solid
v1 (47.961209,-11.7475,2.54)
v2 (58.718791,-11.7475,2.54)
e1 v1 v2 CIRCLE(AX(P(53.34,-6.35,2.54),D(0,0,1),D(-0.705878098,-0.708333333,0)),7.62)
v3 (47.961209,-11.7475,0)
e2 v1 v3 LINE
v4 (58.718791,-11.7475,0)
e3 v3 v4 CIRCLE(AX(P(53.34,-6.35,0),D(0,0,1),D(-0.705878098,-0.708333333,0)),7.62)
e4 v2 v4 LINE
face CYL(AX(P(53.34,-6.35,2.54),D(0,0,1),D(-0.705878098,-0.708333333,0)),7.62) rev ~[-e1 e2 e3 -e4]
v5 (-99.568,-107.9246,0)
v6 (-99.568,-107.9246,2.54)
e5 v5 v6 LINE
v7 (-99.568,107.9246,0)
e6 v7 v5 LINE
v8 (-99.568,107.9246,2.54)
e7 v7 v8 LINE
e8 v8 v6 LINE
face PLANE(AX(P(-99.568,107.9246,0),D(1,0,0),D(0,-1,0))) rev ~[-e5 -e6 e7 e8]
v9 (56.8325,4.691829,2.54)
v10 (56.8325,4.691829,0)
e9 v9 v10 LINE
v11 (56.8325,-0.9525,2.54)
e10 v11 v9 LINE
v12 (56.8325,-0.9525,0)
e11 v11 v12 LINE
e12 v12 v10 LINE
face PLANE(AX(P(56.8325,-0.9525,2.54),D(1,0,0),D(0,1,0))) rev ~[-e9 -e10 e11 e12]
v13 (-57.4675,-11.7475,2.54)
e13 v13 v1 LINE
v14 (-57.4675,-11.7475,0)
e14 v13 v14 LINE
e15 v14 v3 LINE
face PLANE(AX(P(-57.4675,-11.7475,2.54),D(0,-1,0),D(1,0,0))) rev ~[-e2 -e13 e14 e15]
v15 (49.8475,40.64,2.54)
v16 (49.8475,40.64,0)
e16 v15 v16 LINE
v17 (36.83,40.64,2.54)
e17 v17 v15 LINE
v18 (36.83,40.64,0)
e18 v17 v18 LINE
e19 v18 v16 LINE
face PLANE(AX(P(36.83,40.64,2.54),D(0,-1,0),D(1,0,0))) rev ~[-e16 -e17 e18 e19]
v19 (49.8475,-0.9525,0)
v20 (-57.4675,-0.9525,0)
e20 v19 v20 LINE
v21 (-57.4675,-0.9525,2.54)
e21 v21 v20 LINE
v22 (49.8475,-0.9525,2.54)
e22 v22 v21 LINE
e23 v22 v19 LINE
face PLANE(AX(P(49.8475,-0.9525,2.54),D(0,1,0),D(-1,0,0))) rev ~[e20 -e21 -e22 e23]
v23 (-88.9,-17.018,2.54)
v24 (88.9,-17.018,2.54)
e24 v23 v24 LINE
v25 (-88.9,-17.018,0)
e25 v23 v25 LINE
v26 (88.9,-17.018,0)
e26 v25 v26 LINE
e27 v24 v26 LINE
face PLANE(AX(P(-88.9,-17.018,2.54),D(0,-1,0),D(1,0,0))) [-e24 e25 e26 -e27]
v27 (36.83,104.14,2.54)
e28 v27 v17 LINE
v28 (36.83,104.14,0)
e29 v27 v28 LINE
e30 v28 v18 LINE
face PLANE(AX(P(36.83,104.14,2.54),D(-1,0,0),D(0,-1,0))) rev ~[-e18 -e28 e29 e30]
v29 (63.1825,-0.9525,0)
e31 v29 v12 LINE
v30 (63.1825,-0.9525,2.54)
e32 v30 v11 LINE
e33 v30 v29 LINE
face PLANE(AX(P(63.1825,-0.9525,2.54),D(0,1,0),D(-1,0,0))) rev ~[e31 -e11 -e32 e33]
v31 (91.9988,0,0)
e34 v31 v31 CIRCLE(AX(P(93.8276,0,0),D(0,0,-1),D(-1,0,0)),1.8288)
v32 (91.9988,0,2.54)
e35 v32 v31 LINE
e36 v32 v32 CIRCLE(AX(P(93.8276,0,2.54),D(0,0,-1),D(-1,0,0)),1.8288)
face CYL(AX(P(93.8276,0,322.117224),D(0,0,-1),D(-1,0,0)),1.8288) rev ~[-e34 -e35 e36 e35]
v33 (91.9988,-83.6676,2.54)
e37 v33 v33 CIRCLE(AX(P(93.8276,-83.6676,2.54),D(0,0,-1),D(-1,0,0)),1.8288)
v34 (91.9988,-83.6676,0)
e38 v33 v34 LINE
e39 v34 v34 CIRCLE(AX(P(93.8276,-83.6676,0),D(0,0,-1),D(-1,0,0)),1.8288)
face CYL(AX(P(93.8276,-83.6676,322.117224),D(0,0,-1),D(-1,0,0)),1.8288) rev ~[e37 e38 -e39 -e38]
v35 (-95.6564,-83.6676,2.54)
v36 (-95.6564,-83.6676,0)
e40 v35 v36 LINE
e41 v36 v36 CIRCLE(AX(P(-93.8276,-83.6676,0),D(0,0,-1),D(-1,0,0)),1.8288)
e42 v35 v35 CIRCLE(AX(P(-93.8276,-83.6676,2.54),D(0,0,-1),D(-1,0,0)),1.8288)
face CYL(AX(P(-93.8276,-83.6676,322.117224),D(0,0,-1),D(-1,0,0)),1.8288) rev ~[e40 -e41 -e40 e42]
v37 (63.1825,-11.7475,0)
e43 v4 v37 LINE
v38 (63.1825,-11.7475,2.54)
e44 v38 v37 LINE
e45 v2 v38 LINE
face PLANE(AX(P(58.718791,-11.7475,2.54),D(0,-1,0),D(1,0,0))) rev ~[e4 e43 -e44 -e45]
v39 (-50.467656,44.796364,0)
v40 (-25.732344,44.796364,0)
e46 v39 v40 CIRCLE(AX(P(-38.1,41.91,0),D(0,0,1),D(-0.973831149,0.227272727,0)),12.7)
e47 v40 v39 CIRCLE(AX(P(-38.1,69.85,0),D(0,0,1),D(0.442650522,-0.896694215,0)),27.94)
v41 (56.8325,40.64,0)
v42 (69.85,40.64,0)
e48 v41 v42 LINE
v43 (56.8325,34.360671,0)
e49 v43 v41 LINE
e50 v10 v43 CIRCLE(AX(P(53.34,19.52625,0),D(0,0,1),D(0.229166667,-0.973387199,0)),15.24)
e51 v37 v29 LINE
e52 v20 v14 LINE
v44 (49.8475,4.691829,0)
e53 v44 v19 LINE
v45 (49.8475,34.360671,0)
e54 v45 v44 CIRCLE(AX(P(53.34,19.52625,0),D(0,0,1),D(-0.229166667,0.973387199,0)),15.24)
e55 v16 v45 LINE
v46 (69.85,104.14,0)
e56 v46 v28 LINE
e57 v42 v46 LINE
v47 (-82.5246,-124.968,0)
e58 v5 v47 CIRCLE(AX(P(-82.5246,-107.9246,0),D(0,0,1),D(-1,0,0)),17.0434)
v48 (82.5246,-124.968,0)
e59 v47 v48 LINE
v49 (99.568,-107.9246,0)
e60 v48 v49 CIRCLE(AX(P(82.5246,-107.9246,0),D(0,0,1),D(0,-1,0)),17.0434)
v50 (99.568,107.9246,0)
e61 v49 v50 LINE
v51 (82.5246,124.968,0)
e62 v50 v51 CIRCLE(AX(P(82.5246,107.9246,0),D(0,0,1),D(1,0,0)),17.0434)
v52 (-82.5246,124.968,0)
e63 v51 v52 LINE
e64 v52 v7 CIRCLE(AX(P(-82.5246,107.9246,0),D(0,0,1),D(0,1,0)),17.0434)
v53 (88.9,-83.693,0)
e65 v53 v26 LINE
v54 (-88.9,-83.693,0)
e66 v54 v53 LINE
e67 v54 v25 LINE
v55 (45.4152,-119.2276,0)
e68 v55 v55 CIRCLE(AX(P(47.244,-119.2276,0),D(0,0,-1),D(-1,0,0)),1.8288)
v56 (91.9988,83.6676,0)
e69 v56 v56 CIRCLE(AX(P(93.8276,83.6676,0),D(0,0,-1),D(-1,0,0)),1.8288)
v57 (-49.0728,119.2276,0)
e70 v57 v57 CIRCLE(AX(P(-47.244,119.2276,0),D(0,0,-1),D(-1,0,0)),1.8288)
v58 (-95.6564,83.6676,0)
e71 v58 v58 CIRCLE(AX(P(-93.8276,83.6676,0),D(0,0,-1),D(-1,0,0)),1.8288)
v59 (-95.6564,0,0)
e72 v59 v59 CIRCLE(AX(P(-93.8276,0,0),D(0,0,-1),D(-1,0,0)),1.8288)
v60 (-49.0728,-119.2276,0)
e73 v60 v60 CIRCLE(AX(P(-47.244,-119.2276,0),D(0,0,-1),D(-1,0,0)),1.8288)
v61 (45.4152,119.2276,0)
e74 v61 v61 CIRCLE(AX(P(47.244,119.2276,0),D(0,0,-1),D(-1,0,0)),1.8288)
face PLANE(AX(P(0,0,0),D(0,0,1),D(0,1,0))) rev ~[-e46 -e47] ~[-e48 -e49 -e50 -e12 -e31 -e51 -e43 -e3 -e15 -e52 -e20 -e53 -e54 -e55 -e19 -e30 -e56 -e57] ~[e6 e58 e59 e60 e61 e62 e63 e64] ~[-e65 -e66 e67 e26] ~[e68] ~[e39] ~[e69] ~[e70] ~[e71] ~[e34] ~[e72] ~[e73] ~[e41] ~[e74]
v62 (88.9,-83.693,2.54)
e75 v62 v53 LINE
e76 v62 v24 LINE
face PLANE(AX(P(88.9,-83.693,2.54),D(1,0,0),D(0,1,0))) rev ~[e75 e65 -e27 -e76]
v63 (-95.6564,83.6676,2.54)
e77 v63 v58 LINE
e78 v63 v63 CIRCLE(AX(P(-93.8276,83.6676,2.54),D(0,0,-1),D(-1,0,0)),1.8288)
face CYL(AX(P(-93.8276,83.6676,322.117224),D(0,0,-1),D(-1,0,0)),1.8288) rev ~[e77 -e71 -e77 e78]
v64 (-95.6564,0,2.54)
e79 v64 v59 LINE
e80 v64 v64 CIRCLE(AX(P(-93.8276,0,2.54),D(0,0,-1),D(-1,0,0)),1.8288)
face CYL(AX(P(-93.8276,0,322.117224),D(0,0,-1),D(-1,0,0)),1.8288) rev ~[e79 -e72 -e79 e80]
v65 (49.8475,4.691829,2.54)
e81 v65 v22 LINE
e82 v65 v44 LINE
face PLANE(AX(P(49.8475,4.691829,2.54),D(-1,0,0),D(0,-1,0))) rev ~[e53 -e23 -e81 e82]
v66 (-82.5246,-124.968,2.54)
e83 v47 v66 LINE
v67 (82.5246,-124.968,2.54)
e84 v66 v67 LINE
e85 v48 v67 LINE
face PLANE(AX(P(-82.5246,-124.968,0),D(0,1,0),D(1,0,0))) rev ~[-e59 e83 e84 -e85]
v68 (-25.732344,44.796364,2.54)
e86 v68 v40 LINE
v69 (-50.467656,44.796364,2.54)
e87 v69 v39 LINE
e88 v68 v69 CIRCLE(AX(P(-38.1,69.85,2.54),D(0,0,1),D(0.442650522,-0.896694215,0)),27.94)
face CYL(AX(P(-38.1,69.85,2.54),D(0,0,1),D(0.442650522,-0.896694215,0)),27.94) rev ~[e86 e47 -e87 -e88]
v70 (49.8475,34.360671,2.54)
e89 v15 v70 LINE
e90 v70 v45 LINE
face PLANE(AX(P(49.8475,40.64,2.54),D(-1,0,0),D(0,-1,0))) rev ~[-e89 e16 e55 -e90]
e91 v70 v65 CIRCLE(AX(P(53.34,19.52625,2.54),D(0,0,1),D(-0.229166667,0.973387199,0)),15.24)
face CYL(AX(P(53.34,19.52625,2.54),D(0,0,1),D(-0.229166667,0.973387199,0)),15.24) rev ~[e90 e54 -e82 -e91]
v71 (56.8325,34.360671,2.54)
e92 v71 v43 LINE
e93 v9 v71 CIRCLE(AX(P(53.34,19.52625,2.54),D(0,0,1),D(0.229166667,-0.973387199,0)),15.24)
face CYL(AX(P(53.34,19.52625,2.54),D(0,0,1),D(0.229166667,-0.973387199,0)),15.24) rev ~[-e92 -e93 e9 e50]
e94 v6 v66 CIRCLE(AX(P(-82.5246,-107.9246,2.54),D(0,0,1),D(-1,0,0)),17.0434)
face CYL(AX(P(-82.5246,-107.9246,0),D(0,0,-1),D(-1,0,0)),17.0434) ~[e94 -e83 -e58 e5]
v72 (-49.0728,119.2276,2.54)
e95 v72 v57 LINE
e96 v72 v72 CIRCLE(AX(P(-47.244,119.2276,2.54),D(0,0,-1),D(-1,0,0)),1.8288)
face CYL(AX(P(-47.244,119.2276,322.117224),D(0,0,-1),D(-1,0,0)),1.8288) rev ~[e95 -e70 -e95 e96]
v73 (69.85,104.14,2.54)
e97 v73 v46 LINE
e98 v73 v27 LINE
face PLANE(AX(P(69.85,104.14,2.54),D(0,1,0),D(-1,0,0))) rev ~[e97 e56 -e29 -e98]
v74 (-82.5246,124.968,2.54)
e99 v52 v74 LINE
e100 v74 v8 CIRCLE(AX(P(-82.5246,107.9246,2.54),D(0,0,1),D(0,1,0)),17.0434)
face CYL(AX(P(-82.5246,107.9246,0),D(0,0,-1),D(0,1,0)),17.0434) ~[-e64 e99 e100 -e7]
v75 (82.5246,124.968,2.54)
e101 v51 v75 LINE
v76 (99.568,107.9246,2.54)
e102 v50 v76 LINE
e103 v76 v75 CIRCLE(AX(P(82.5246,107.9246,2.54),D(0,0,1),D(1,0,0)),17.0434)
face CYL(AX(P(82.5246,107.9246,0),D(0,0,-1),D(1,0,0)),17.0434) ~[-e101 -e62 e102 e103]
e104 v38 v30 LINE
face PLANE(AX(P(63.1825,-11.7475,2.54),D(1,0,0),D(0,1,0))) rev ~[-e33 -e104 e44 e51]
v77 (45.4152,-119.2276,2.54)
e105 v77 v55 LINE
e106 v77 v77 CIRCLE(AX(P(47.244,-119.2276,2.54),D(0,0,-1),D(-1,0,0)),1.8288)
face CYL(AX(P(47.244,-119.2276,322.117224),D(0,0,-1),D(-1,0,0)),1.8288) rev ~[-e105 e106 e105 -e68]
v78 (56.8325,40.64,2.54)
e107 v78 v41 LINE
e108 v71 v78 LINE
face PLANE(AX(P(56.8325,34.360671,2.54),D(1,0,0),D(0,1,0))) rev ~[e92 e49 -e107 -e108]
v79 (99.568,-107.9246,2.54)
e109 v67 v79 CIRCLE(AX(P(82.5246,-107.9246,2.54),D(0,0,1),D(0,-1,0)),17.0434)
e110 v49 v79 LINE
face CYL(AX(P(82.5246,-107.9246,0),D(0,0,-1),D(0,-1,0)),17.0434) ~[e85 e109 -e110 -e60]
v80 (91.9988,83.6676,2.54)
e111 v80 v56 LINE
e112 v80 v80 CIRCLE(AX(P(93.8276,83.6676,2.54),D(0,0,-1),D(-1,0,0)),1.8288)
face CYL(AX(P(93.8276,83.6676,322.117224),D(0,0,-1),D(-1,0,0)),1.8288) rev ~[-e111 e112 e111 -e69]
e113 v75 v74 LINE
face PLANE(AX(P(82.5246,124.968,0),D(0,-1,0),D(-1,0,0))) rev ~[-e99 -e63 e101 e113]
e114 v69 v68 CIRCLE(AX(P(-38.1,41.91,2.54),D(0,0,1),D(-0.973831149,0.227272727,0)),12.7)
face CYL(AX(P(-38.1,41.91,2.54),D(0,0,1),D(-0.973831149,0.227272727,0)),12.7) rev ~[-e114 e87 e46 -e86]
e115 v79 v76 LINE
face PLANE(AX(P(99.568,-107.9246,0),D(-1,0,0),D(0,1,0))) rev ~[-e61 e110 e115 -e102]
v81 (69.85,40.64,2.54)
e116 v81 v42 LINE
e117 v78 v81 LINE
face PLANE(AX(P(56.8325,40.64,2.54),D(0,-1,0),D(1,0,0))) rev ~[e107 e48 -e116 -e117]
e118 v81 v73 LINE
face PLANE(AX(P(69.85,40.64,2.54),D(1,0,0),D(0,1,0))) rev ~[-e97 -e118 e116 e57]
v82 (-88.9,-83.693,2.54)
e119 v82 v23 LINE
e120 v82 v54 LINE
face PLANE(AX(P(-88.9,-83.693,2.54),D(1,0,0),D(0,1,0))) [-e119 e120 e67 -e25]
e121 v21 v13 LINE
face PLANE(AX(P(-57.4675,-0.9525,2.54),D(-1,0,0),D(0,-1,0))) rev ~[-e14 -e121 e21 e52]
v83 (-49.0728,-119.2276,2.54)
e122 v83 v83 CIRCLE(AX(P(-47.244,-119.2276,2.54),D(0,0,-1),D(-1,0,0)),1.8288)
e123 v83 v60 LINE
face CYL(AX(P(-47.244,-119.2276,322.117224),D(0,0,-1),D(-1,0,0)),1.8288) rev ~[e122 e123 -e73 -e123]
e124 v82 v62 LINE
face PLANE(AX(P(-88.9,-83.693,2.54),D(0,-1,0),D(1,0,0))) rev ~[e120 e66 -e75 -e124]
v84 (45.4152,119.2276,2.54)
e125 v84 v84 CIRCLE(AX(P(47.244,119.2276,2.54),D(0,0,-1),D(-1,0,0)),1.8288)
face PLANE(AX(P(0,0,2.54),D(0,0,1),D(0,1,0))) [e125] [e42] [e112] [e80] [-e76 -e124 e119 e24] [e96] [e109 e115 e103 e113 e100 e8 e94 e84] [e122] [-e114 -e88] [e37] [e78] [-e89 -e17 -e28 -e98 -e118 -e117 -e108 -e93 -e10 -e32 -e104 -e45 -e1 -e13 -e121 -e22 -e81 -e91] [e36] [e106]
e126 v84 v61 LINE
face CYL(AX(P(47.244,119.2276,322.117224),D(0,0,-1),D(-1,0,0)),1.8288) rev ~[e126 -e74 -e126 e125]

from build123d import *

# Parameters (mm, degrees)
BOSS_EXTRUDE1_DEPTH         = 2.54
CUT_EXTRUDE1_DEPTH          = 3.54
SKETCH7_W                   = 177.8
SKETCH7_H                   = 66.675
CUT_EXTRUDE2_DEPTH          = 3.54
F_27_0_144_DIAMETER_HOLE1_D = 3.6576


with BuildPart() as part:
    # Sketch1 → Boss-Extrude1 (new body)
    with BuildSketch(Plane(origin=(0, 0, 0), x_dir=(0, 1, 0), z_dir=(0, 0, 1))):
        with BuildLine():
            Line((-107.9246, -99.568), (107.9246, -99.568))
            ThreePointArc((107.9246, -99.568), (119.976103714, -94.576103714), (124.968, -82.5246))
            Line((124.968, -82.5246), (124.968, 82.5246))
            ThreePointArc((124.968, 82.5246), (119.976103714, 94.576103714), (107.9246, 99.568))
            Line((107.9246, 99.568), (-107.9246, 99.568))
            ThreePointArc((-107.9246, 99.568), (-119.976103714, 94.576103714), (-124.968, 82.5246))
            Line((-124.968, 82.5246), (-124.968, -82.5246))
            ThreePointArc((-124.968, -82.5246), (-119.976103714, -94.576103714), (-107.9246, -99.568))
        make_face()
    extrude(amount=BOSS_EXTRUDE1_DEPTH)

    # Sketch6 → Cut-Extrude1 (cut, through all)
    with BuildSketch(Plane.XY.offset(2.54)):
        with BuildLine():
            Line((49.8475, 4.691829089), (49.8475, -0.9525))
            Line((49.8475, -0.9525), (-57.4675, -0.9525))
            Line((-57.4675, -0.9525), (-57.4675, -11.7475))
            Line((-57.4675, -11.7475), (47.961208895, -11.7475))
            ThreePointArc((47.961208895, -11.7475), (53.34, -13.97), (58.718791105, -11.7475))
            Line((58.718791105, -11.7475), (63.1825, -11.7475))
            Line((63.1825, -11.7475), (63.1825, -0.9525))
            Line((63.1825, -0.9525), (56.8325, -0.9525))
            Line((56.8325, -0.9525), (56.8325, 4.691829089))
            ThreePointArc((56.8325, 4.691829089), (68.58, 19.52625), (56.8325, 34.360670911))
            Line((56.8325, 34.360670911), (56.8325, 40.64))
            Line((56.8325, 40.64), (69.85, 40.64))
            Line((69.85, 40.64), (69.85, 104.14))
            Line((69.85, 104.14), (36.83, 104.14))
            Line((36.83, 104.14), (36.83, 40.64))
            Line((36.83, 40.64), (49.8475, 40.64))
            Line((49.8475, 40.64), (49.8475, 34.360670911))
            ThreePointArc((49.8475, 34.360670911), (38.1, 19.52625), (49.8475, 4.691829089))
        make_face()
        with BuildLine():
            ThreePointArc((-25.732344403, 44.796363636), (-38.1, 97.79), (-50.467655597, 44.796363636))
            ThreePointArc((-50.467655597, 44.796363636), (-38.1, 29.21), (-25.732344403, 44.796363636))
        make_face()
    extrude(amount=-CUT_EXTRUDE1_DEPTH, mode=Mode.SUBTRACT)

    # Sketch7 → Cut-Extrude2 (cut, through all)
    with BuildSketch(Plane.XY.offset(2.54)):
        with Locations((0, -50.3555)):
            Rectangle(SKETCH7_W, SKETCH7_H)
    extrude(amount=-CUT_EXTRUDE2_DEPTH, mode=Mode.SUBTRACT)

    # #27 (0.144) Diameter Hole1 (through all)
    with Locations(Plane.XY.offset(2.54)):
        with Locations((93.8276, 0), (-93.8276, 0), (47.244, -119.2276), (-47.244, -119.2276), (93.8276, -83.6676), (-93.8276, -83.6676), (-93.8276, 83.6676), (93.8276, 83.6676), (-47.244, 119.2276), (47.244, 119.2276)):
            Hole(F_27_0_144_DIAMETER_HOLE1_D / 2)


solid = part.part
